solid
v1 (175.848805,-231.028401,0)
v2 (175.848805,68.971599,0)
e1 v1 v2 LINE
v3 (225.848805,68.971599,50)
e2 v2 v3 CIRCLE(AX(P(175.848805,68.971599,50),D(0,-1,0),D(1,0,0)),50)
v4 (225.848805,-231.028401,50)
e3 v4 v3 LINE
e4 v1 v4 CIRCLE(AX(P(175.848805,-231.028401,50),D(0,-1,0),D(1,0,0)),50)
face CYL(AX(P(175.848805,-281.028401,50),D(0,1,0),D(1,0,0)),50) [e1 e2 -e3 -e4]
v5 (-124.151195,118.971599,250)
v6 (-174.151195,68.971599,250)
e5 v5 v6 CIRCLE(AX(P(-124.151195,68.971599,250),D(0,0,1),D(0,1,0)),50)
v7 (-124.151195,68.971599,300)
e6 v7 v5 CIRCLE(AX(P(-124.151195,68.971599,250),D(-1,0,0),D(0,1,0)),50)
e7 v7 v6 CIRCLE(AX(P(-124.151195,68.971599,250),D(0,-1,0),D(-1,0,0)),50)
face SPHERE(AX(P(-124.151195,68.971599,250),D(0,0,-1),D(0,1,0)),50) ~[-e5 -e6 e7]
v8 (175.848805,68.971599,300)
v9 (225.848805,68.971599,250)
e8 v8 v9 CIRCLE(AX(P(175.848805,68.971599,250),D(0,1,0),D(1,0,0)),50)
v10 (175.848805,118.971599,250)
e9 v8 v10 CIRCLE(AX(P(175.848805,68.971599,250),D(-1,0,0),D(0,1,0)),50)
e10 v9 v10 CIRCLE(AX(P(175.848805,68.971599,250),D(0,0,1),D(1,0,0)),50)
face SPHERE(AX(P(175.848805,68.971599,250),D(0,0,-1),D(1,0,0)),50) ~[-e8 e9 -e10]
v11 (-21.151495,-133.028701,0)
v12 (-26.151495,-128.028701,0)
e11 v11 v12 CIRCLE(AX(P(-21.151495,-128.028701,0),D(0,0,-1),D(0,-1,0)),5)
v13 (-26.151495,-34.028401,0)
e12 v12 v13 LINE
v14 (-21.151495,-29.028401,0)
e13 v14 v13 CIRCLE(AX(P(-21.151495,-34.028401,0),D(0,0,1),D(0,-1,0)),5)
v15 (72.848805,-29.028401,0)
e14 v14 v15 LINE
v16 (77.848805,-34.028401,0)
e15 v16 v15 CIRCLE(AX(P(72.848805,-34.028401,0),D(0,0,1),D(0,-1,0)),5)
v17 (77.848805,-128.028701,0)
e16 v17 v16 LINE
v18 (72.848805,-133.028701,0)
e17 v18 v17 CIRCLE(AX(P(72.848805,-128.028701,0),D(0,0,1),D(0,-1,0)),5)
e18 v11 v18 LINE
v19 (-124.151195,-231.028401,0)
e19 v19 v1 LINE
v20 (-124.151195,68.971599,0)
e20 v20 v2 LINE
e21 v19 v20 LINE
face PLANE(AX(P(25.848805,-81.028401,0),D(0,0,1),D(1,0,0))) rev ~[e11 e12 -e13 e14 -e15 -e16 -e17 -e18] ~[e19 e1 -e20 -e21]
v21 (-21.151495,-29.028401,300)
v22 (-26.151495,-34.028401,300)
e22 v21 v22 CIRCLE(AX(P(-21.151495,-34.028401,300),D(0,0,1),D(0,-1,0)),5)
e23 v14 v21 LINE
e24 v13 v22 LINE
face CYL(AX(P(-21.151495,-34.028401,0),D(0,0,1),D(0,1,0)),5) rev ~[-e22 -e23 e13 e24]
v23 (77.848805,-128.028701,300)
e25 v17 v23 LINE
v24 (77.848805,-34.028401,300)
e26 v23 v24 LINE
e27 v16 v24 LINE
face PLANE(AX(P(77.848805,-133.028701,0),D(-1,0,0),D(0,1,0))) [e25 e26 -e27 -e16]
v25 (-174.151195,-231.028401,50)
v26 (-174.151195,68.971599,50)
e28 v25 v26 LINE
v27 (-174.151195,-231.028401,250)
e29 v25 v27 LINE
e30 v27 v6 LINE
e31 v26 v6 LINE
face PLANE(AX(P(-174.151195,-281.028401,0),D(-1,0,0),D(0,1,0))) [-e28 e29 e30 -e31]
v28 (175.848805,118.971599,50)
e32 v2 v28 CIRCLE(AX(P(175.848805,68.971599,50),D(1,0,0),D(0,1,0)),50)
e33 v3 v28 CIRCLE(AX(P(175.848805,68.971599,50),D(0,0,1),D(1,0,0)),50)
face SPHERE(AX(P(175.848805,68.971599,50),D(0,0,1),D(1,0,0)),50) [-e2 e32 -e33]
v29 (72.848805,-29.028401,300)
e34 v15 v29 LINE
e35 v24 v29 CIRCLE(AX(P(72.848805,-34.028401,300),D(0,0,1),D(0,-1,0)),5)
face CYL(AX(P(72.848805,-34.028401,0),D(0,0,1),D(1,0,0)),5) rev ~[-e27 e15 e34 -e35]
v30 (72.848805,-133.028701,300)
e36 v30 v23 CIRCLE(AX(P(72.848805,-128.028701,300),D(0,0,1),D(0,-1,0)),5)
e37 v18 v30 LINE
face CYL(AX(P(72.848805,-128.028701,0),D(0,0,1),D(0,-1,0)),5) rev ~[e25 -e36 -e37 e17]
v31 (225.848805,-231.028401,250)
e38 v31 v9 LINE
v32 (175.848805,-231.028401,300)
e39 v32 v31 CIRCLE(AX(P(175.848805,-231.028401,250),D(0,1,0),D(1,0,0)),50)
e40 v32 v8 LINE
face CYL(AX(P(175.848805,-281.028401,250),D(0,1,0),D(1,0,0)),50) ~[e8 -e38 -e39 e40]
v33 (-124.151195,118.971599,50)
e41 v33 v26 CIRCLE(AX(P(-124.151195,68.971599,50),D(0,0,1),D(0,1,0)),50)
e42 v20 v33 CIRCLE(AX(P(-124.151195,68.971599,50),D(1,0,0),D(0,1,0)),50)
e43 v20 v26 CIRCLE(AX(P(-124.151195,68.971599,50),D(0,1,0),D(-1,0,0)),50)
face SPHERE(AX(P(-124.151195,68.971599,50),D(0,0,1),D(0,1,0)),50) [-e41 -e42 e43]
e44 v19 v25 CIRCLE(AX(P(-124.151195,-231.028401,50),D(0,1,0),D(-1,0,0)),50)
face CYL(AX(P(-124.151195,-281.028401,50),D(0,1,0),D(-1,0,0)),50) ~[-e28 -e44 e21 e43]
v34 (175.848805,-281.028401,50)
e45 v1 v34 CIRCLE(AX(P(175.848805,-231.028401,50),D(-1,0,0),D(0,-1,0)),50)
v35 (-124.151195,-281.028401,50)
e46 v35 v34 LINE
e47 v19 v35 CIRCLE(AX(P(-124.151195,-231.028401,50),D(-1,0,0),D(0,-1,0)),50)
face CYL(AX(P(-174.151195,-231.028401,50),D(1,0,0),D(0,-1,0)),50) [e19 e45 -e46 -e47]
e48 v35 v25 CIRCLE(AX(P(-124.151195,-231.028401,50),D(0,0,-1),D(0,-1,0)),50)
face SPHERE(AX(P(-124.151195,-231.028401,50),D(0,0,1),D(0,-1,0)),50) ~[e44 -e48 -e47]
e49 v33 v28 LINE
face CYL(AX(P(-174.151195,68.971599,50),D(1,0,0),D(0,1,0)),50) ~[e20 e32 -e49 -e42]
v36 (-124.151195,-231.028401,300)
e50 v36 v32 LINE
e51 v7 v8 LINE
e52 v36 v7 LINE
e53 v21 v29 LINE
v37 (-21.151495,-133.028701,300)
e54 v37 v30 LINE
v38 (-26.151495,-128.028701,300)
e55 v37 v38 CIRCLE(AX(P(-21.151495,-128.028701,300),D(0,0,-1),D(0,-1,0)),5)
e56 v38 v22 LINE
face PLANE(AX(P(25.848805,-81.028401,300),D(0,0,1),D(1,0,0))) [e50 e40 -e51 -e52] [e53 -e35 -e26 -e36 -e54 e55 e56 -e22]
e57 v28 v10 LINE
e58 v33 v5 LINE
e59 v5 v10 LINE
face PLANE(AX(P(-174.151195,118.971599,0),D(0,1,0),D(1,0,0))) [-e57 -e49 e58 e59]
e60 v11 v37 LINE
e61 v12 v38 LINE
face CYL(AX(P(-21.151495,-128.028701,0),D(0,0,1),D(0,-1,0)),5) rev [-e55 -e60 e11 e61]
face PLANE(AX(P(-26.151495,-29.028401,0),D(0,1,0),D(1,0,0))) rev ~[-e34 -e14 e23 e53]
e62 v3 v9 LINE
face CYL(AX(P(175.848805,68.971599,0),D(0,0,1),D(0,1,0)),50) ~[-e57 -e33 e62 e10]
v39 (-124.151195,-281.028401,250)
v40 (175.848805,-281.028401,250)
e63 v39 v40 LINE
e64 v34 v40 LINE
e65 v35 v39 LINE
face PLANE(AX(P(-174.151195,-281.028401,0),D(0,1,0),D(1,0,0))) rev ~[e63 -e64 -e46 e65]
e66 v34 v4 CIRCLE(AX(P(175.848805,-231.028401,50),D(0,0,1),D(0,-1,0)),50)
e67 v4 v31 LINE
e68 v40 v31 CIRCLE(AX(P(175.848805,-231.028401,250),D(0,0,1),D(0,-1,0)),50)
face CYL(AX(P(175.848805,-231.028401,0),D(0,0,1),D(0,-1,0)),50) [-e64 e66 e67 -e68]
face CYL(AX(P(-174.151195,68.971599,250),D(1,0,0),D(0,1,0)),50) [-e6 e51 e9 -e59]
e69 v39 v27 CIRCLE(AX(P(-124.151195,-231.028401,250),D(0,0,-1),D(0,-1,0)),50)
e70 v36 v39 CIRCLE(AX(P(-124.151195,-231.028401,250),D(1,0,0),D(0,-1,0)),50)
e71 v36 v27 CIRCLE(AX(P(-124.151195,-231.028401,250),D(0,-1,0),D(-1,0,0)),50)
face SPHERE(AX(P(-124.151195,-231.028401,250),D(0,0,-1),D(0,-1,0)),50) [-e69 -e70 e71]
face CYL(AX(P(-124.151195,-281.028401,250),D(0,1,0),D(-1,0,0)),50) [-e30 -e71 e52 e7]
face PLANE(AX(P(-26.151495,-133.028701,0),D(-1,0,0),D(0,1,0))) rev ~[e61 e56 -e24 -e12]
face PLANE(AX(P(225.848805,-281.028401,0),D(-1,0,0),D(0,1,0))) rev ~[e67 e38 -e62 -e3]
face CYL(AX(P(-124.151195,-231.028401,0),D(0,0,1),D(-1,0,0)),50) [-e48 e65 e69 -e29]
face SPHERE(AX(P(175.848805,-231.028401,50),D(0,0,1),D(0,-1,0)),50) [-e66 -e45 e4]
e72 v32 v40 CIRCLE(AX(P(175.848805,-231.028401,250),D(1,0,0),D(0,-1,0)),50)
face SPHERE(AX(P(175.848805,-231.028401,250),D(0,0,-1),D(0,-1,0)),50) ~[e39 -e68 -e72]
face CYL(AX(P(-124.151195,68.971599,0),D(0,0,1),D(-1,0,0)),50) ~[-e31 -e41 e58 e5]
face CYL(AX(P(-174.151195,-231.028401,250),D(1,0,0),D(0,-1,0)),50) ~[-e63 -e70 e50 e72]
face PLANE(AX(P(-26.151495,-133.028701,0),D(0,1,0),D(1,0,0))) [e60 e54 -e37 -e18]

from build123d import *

# Parameters (mm, degrees)
F0_W     = 400
F0_H     = 400
F0_W_2   = 104.0003
F0_H_2   = 104.0003
F1_DEPTH = 300
F2_R     = 50
F3_R     = 5


with BuildPart() as f1:
    # F0 (on Top) → F1 (new body)
    with BuildSketch(Plane.XY):
        with Locations((25.848805, -81.028401)):
            Rectangle(F0_W, F0_H)
        with Locations((25.848655, -81.028551)):
            Rectangle(F0_W_2, F0_H_2, mode=Mode.SUBTRACT)
    extrude(amount=F1_DEPTH)

    # F2
    f2_edges = [f1.edges().sort_by_distance(p)[0] for p in [
        (-174.151195, -281.028401, 150),
        (225.848805, -281.028401, 150),
        (25.848805, -281.028401, 0),
        (25.848805, -281.028401, 300),
        (225.848805, 118.971599, 150),
        (225.848805, -81.028401, 0),
        (225.848805, -81.028401, 300),
        (-174.151195, 118.971599, 150),
        (25.848805, 118.971599, 0),
        (25.848805, 118.971599, 300),
        (-174.151195, -81.028401, 0),
        (-174.151195, -81.028401, 300),
    ]]
    fillet(f2_edges, radius=F2_R)

    # F3
    f3_edges = [f1.edges().sort_by_distance(p)[0] for p in [
        (-26.151495, -29.028401, 150),
        (77.848805, -29.028401, 150),
        (77.848805, -133.028701, 150),
        (-26.151495, -133.028701, 150),
    ]]
    fillet(f3_edges, radius=F3_R)


solid = f1.part
